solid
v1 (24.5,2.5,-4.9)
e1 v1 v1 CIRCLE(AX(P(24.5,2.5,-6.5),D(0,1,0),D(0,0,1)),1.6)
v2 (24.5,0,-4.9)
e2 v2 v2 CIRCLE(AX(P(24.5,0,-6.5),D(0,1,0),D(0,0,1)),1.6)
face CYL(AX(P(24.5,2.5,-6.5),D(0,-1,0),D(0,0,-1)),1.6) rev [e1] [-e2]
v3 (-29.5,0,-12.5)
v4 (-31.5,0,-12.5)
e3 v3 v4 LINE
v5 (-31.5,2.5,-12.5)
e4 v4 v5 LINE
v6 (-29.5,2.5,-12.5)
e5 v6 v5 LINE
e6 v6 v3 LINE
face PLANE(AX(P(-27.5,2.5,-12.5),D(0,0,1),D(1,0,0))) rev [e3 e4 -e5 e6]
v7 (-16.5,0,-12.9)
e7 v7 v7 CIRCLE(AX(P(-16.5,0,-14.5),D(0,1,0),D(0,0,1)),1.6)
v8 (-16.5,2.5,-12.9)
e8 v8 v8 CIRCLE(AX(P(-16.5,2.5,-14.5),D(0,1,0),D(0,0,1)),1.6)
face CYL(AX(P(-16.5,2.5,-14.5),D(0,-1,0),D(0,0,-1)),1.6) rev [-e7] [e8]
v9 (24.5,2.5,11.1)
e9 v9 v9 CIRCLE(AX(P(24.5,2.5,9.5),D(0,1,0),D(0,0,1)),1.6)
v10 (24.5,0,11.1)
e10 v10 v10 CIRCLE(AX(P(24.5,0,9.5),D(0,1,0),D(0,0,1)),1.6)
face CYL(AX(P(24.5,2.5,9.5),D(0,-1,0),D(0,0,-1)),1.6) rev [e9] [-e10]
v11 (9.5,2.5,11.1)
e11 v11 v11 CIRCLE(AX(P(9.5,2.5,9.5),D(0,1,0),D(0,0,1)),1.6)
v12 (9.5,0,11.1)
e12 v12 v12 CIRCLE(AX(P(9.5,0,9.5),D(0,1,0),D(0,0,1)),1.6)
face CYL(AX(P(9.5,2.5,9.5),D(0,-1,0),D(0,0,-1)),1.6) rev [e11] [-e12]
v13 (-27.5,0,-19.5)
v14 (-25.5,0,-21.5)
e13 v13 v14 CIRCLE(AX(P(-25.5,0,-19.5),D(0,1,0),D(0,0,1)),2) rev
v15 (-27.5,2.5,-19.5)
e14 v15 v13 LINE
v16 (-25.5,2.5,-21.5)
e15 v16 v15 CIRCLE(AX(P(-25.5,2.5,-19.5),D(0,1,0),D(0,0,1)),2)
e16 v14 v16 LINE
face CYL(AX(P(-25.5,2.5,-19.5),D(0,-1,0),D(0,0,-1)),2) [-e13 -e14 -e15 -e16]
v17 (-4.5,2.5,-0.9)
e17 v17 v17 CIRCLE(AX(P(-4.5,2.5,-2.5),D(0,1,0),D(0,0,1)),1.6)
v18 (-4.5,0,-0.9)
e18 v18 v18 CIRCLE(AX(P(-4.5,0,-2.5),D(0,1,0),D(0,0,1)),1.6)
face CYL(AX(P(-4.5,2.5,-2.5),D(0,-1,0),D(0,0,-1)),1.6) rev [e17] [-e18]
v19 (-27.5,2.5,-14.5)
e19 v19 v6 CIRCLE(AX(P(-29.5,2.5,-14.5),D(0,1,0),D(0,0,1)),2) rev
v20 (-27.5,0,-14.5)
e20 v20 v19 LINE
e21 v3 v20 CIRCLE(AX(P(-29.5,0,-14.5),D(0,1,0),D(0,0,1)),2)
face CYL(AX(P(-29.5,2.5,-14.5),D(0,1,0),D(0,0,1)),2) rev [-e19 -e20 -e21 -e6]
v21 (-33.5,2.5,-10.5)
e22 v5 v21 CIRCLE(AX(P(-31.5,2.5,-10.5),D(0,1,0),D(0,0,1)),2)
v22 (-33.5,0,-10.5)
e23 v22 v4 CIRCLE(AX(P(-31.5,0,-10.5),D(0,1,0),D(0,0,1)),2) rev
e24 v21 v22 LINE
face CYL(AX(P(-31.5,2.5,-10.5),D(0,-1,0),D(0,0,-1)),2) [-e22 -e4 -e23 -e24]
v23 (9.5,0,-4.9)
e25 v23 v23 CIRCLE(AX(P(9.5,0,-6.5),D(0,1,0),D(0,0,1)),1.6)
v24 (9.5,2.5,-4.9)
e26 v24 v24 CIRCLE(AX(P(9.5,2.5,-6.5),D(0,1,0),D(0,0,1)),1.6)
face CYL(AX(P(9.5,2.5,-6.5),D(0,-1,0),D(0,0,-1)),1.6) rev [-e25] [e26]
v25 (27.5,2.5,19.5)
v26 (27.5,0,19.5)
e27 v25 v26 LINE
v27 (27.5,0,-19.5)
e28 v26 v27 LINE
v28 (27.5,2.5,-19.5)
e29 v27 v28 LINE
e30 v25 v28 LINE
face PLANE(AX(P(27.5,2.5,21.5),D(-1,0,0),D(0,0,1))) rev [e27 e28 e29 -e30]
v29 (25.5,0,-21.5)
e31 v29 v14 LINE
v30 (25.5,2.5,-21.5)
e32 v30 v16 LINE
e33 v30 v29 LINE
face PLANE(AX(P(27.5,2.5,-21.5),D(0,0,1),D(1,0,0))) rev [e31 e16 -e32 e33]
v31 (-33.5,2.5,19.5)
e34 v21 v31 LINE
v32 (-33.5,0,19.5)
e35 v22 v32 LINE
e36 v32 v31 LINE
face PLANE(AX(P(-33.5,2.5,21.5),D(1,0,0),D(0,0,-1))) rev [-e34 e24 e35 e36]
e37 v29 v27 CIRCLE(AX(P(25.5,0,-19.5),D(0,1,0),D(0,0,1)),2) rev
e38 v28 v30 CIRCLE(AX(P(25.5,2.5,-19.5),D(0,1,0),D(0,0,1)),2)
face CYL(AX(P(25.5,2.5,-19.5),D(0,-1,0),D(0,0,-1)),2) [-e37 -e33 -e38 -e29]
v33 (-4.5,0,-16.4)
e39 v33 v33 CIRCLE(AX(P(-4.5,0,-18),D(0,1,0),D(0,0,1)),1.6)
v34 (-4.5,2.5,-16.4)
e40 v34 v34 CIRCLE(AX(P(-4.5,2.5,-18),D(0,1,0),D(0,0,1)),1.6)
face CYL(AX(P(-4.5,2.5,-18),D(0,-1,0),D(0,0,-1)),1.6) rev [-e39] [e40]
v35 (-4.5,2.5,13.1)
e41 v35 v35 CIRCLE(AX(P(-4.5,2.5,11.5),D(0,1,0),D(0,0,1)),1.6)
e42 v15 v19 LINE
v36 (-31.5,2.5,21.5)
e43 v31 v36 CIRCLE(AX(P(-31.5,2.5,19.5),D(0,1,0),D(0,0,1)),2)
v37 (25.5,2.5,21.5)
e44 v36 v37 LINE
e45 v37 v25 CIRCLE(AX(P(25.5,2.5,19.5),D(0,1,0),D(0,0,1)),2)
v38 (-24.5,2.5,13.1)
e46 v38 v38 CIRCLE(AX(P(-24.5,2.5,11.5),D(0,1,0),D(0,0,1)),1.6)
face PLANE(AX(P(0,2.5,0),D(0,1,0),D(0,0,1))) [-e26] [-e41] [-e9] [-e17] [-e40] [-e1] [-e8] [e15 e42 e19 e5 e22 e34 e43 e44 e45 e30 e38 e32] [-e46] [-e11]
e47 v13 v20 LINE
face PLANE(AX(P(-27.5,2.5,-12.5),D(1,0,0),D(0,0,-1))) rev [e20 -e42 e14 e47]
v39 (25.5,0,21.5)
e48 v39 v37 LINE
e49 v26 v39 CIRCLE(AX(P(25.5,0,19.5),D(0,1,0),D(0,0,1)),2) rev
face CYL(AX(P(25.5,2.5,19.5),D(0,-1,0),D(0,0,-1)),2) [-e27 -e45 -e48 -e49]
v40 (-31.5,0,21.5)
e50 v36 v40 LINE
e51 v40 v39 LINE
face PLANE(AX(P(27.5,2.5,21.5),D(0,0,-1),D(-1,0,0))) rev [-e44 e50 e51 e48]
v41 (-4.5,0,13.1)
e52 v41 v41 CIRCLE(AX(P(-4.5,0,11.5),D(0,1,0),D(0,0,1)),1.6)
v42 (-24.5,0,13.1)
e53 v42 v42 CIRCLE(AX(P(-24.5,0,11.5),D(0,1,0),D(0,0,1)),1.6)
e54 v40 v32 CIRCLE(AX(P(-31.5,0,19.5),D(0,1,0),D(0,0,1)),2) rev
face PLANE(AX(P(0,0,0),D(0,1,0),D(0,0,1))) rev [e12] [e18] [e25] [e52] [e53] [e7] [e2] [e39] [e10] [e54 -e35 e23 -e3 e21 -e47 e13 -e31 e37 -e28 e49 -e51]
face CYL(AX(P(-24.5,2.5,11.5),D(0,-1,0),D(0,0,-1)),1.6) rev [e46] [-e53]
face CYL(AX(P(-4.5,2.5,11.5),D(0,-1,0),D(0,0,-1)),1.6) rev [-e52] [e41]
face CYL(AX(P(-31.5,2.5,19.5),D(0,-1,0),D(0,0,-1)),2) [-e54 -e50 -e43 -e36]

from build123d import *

# Parameters (mm, degrees)
SKETCH_1_R      = 1.6
EXTRUDE_1_DEPTH = 2.5
FILLET_1_R      = 2


with BuildPart() as part:
    # 草图1 → 凸台-拉伸1 (new body)
    with BuildSketch(Plane(origin=(0, 0, 0), x_dir=(-1, 0, 0), z_dir=(0, 1, 0))):
        Polygon((-27.5, 21.5), (27.5, 21.5), (33.5, 21.5), (33.5, -12.5), (27.5, -12.5), (27.5, -21.5), (-27.5, -21.5), align=None)
        with Locations(Location((-24.5, 9.5, 0), (0, 0, 90))):
            Circle(SKETCH_1_R, mode=Mode.SUBTRACT)
        with Locations(Location((-9.5, 9.5, 0), (0, 0, 90))):
            Circle(SKETCH_1_R, mode=Mode.SUBTRACT)
        with Locations(Location((-24.5, -6.5, 0), (0, 0, 90))):
            Circle(SKETCH_1_R, mode=Mode.SUBTRACT)
        with Locations(Location((-9.5, -6.5, 0), (0, 0, 90))):
            Circle(SKETCH_1_R, mode=Mode.SUBTRACT)
        with Locations(Location((4.5, -2.5, 0), (0, 0, 90))):
            Circle(SKETCH_1_R, mode=Mode.SUBTRACT)
        with Locations(Location((4.5, 11.5, 0), (0, 0, 90))):
            Circle(SKETCH_1_R, mode=Mode.SUBTRACT)
        with Locations(Location((24.5, 11.5, 0), (0, 0, 90))):
            Circle(SKETCH_1_R, mode=Mode.SUBTRACT)
        with Locations(Location((16.5, -14.5, 0), (0, 0, 90))):
            Circle(SKETCH_1_R, mode=Mode.SUBTRACT)
        with Locations(Location((4.5, -18, 0), (0, 0, 90))):
            Circle(SKETCH_1_R, mode=Mode.SUBTRACT)
    extrude(amount=EXTRUDE_1_DEPTH)

    # 圆角1
    fillet_1_edges = [part.edges().sort_by_distance(p)[0] for p in [
        (27.5, 1.25, 21.5),
        (-33.5, 1.25, 21.5),
        (-33.5, 1.25, -12.5),
        (-27.5, 1.25, -12.5),
        (-27.5, 1.25, -21.5),
        (27.5, 1.25, -21.5),
    ]]
    fillet(fillet_1_edges, radius=FILLET_1_R)


solid = part.part
